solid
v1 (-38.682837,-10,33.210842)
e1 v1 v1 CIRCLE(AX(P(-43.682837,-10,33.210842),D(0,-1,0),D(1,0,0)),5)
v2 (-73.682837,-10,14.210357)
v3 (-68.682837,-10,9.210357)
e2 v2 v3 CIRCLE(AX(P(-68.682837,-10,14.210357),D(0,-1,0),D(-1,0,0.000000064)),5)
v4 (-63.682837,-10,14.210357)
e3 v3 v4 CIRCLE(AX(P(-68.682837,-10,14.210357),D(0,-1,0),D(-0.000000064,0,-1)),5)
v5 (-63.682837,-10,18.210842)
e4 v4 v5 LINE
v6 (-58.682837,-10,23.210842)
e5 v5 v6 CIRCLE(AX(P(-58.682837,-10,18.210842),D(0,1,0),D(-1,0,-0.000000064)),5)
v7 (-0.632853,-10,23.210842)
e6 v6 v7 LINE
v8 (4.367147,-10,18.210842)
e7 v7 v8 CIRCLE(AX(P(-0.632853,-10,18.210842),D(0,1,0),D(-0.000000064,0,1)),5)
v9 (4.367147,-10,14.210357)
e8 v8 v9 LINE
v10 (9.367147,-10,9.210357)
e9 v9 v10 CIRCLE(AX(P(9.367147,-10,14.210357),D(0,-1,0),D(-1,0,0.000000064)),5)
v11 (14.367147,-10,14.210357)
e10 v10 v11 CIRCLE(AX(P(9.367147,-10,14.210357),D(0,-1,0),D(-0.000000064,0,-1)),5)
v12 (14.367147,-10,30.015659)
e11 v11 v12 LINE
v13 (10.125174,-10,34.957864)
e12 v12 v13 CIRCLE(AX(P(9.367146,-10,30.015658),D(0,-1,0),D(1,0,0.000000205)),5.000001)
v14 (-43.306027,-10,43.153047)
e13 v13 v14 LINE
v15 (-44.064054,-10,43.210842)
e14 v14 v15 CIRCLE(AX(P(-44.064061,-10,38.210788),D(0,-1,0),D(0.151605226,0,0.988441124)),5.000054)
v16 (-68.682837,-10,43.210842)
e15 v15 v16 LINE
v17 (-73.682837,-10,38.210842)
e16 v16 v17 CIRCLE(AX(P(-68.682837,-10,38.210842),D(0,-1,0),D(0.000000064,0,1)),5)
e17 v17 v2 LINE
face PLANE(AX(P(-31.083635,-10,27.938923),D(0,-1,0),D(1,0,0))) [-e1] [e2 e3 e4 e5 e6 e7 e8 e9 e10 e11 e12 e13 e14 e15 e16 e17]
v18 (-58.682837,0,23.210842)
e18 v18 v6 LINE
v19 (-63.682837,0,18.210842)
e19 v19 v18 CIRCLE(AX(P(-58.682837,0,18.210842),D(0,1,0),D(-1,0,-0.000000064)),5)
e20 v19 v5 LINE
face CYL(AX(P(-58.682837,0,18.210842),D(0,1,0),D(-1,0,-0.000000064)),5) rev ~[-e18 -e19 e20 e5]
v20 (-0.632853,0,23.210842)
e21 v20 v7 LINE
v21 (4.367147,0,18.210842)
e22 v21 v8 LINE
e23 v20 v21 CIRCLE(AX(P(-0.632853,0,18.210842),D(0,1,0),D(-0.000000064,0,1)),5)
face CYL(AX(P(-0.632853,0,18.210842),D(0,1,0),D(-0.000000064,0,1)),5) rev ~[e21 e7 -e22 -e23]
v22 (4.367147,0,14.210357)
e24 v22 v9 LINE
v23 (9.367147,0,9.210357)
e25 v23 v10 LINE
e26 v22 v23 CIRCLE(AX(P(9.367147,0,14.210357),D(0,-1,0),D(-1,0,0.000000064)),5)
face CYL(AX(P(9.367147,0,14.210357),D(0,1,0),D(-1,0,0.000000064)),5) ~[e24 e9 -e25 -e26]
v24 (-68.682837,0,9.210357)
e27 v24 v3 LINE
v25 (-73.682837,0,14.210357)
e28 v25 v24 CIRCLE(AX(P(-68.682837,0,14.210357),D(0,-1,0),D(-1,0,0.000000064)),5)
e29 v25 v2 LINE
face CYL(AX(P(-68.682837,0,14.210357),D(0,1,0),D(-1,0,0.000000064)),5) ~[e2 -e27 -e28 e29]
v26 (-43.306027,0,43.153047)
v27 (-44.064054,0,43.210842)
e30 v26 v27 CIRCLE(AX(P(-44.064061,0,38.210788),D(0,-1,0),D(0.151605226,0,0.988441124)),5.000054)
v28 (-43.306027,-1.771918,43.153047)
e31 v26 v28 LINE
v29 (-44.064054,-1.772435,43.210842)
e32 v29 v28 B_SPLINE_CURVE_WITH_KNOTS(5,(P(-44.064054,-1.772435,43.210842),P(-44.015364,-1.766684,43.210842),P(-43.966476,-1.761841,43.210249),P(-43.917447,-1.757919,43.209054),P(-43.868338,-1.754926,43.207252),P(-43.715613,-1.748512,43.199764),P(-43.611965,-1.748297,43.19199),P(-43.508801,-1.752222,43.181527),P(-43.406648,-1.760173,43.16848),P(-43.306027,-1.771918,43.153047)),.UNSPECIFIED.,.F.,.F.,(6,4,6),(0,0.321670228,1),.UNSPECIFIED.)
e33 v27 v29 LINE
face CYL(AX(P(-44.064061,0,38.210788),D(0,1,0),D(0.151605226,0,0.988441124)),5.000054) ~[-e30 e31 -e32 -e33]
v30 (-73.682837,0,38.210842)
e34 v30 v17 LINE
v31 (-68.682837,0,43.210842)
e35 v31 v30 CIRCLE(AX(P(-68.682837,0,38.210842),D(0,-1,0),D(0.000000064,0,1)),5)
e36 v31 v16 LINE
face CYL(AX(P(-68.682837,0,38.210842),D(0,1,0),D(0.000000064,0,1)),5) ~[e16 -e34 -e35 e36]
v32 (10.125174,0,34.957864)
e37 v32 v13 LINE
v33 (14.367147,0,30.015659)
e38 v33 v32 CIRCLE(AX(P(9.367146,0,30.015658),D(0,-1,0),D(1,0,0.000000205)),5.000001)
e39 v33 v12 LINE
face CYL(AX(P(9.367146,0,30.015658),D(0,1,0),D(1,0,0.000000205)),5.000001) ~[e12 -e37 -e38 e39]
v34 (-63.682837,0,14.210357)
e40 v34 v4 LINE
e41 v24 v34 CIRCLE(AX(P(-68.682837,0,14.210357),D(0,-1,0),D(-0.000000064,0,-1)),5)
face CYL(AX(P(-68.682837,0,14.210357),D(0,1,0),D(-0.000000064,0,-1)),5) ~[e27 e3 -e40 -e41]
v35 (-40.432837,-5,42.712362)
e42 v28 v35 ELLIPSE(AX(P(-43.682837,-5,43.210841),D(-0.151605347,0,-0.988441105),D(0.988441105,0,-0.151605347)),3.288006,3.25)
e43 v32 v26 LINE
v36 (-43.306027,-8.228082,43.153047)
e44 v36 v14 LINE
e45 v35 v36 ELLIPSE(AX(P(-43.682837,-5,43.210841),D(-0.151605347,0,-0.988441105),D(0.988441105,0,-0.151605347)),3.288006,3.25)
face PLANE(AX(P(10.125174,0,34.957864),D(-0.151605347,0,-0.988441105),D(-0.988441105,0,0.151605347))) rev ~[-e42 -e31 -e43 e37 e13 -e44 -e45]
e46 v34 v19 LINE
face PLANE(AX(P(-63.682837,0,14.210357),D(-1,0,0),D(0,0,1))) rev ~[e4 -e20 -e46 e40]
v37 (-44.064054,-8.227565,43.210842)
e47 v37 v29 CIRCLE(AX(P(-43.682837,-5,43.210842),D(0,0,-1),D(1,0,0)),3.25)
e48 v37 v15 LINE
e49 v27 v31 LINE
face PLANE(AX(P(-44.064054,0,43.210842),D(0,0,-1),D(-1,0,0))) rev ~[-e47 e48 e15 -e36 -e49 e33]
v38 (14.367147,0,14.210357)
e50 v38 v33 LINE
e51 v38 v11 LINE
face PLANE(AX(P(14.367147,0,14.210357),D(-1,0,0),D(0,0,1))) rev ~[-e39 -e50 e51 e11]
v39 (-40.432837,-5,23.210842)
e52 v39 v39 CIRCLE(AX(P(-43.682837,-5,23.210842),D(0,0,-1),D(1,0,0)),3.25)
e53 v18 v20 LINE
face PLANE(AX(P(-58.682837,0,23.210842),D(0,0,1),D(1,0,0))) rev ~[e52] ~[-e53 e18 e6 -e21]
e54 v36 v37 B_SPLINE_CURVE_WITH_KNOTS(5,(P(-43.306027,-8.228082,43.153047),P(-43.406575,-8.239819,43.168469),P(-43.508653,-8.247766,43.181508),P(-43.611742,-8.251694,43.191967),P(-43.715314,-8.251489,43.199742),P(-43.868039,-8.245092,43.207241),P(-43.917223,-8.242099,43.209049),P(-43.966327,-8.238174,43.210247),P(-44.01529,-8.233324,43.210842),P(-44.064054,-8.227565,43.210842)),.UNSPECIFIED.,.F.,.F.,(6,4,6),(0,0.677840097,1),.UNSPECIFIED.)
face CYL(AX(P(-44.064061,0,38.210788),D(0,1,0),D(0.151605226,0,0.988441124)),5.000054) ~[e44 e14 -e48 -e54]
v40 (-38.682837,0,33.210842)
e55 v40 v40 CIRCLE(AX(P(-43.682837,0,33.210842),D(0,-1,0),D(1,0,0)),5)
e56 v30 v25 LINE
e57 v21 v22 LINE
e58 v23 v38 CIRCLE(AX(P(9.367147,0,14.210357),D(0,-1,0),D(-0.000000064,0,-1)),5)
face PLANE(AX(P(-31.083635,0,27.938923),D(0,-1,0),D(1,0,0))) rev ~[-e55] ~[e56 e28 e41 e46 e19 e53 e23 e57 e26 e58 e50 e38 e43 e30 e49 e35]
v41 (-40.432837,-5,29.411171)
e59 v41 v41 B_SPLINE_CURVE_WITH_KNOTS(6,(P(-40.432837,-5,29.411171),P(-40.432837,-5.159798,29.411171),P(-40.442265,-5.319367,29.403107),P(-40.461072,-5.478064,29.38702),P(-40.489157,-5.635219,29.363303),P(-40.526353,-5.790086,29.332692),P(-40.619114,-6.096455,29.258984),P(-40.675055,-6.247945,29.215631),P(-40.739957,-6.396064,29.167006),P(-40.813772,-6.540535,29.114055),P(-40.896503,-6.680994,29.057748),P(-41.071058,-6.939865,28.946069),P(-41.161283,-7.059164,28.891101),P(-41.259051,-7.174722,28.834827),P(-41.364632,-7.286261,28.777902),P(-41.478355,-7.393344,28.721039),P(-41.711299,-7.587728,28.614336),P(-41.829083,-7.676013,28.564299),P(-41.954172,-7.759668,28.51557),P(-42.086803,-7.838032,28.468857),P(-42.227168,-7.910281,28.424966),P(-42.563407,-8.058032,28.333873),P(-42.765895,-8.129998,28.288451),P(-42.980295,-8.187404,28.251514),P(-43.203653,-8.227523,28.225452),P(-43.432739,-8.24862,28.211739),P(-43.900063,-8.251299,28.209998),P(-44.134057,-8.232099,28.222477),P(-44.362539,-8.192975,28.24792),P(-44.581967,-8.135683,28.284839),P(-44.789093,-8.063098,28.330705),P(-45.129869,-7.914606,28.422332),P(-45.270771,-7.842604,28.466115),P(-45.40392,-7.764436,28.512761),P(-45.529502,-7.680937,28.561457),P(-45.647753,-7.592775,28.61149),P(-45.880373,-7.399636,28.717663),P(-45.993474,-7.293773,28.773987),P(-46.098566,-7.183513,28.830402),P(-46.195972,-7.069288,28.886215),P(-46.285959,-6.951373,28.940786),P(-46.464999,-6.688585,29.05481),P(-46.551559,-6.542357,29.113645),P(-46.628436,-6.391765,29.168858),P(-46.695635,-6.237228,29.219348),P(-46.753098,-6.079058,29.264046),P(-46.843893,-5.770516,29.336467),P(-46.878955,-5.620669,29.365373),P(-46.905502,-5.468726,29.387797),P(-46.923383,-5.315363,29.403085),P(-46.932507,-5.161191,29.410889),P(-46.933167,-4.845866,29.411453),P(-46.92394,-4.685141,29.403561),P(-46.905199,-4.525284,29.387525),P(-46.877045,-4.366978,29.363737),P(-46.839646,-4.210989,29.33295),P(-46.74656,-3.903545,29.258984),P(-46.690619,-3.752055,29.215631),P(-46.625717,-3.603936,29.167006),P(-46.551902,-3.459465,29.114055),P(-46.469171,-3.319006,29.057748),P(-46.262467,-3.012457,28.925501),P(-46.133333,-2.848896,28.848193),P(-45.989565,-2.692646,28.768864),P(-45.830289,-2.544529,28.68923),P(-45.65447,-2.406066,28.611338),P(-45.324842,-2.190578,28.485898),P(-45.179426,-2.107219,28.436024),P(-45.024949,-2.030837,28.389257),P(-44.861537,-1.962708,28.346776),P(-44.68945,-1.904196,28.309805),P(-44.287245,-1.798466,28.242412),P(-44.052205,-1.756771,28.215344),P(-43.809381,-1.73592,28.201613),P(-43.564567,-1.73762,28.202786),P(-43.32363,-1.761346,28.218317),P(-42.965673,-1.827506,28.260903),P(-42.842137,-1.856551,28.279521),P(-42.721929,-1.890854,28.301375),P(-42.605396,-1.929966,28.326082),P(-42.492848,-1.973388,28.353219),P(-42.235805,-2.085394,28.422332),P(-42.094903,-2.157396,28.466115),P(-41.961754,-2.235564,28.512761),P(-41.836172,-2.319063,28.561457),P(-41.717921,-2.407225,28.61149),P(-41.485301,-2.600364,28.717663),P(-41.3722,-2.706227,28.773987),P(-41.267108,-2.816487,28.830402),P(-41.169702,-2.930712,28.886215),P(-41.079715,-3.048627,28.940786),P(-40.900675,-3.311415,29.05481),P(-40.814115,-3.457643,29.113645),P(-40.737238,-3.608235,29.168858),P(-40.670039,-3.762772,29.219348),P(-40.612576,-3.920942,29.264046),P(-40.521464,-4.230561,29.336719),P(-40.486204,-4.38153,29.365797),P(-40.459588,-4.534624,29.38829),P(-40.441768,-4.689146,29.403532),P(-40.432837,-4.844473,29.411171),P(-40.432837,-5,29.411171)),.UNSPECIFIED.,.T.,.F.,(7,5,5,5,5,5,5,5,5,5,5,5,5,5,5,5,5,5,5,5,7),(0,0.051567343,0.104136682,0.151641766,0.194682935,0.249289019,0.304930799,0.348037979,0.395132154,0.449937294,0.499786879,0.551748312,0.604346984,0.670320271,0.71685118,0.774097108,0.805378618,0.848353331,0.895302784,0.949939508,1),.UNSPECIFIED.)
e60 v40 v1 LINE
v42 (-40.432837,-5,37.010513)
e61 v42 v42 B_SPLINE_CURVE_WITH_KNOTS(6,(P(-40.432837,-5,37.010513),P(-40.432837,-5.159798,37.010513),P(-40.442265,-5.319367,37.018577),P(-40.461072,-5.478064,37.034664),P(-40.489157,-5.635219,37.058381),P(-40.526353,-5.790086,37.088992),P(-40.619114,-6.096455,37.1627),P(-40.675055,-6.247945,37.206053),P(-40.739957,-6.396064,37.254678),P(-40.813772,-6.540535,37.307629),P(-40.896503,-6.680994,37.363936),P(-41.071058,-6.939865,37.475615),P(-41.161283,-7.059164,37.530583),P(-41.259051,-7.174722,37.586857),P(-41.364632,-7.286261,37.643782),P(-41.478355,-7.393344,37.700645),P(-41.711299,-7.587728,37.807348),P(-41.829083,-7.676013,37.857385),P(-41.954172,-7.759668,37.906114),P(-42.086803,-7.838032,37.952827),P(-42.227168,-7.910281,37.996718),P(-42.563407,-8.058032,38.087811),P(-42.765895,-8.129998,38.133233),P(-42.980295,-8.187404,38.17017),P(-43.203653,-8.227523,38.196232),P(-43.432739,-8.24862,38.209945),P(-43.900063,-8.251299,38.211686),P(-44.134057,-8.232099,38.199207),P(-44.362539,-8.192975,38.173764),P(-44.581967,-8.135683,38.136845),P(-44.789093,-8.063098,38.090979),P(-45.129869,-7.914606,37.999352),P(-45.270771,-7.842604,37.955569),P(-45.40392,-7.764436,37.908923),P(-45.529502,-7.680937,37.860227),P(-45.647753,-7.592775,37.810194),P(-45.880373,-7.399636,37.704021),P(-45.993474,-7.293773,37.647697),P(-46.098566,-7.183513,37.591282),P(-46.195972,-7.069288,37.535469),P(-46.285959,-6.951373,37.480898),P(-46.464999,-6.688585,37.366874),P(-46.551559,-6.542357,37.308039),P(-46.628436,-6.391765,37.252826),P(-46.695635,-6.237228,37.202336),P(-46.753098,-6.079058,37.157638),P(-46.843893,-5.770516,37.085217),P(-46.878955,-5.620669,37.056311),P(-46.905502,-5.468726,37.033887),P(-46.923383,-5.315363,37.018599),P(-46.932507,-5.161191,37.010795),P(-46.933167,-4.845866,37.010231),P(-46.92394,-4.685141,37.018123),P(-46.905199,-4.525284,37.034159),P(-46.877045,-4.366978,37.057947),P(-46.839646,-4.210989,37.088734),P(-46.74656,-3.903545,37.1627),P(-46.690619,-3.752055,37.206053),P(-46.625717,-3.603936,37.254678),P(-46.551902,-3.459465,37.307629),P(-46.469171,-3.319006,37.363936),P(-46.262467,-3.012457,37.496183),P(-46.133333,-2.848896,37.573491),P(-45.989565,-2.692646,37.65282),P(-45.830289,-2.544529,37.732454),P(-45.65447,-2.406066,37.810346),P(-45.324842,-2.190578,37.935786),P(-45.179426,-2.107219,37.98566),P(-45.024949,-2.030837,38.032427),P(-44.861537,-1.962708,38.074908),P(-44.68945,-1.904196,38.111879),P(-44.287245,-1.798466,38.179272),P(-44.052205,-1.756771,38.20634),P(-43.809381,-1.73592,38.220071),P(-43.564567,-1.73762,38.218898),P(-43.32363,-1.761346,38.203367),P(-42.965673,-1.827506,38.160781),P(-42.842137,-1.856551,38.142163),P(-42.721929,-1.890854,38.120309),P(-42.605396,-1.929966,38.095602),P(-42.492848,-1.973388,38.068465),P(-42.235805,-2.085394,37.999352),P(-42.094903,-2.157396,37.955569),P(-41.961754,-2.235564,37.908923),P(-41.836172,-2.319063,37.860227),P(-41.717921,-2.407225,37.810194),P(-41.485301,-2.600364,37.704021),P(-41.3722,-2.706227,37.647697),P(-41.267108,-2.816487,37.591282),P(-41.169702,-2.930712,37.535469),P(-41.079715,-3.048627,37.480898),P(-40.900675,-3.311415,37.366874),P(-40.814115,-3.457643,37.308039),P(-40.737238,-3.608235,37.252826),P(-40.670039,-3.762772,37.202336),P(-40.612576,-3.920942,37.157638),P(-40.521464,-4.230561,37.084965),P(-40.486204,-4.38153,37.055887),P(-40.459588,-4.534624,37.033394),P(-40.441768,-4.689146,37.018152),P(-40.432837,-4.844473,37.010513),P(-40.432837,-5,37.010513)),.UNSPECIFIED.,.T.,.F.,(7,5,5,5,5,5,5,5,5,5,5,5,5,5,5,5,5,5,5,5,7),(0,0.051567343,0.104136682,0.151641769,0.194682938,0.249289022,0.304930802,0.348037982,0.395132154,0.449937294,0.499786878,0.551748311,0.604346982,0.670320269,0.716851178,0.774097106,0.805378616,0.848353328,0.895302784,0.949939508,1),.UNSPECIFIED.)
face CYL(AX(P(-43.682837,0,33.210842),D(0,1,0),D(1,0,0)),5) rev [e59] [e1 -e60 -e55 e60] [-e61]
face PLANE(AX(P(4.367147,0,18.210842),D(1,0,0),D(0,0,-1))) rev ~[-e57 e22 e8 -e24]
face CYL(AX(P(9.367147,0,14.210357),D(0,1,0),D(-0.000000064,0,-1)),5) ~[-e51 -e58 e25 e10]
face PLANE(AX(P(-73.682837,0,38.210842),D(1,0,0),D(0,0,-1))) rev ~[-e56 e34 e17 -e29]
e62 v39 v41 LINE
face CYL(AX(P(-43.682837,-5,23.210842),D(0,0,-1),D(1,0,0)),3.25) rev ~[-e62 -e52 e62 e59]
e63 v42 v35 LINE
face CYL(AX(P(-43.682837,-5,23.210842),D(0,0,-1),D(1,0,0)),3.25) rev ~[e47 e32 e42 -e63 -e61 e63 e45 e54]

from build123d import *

# Parameters (mm, degrees)
F0_R     = 5
F1_DEPTH = 10
F2_R     = 3.25
F3_DEPTH = 20.001


with BuildPart() as f1:
    # F0 (on Front) → F1 (new body)
    with BuildSketch(Plane.XZ):
        with BuildLine():
            ThreePointArc((-68.682837, 9.210357), (-65.147303, 10.674823), (-63.682837, 14.210357))
            Line((-63.682837, 14.210357), (-63.682837, 18.210842))
            ThreePointArc((-63.682837, 18.210842), (-62.218371, 21.746376), (-58.682837, 23.210842))
            Line((-58.682837, 23.210842), (-0.632853, 23.210842))
            ThreePointArc((-0.632853, 23.210842), (2.902681, 21.746376), (4.367147, 18.210842))
            Line((4.367147, 18.210842), (4.367147, 14.210357))
            ThreePointArc((4.367147, 14.210357), (5.831613, 10.674823), (9.367147, 9.210357))
            ThreePointArc((9.367147, 9.210357), (12.902681, 10.674823), (14.367147, 14.210357))
            Line((14.367147, 14.210357), (14.367147, 30.015659))
            ThreePointArc((14.367147, 30.015659), (13.16123, 33.27218), (10.125174, 34.957864))
            Line((10.125174, 34.957864), (-43.306027, 43.153047))
            ThreePointArc((-43.306027, 43.153047), (-43.68394, 43.196372), (-44.064054, 43.210842))
            Line((-44.064054, 43.210842), (-68.682837, 43.210842))
            ThreePointArc((-68.682837, 43.210842), (-72.218371, 41.746376), (-73.682837, 38.210842))
            Line((-73.682837, 38.210842), (-73.682837, 14.210357))
            ThreePointArc((-73.682837, 14.210357), (-72.218371, 10.674823), (-68.682837, 9.210357))
        make_face()
        with Locations((-43.682837, 33.210842)):
            Circle(F0_R, mode=Mode.SUBTRACT)
    extrude(amount=F1_DEPTH)

    # F2 (on face) → F3 (cut, through all)
    with BuildSketch(Plane(origin=(0, 0, 23.210842), x_dir=(1, 0, 0), z_dir=(0, 0, -1))):
        with Locations((-43.682837, 5)):
            Circle(F2_R)
    extrude(amount=-F3_DEPTH, mode=Mode.SUBTRACT)


solid = f1.part
